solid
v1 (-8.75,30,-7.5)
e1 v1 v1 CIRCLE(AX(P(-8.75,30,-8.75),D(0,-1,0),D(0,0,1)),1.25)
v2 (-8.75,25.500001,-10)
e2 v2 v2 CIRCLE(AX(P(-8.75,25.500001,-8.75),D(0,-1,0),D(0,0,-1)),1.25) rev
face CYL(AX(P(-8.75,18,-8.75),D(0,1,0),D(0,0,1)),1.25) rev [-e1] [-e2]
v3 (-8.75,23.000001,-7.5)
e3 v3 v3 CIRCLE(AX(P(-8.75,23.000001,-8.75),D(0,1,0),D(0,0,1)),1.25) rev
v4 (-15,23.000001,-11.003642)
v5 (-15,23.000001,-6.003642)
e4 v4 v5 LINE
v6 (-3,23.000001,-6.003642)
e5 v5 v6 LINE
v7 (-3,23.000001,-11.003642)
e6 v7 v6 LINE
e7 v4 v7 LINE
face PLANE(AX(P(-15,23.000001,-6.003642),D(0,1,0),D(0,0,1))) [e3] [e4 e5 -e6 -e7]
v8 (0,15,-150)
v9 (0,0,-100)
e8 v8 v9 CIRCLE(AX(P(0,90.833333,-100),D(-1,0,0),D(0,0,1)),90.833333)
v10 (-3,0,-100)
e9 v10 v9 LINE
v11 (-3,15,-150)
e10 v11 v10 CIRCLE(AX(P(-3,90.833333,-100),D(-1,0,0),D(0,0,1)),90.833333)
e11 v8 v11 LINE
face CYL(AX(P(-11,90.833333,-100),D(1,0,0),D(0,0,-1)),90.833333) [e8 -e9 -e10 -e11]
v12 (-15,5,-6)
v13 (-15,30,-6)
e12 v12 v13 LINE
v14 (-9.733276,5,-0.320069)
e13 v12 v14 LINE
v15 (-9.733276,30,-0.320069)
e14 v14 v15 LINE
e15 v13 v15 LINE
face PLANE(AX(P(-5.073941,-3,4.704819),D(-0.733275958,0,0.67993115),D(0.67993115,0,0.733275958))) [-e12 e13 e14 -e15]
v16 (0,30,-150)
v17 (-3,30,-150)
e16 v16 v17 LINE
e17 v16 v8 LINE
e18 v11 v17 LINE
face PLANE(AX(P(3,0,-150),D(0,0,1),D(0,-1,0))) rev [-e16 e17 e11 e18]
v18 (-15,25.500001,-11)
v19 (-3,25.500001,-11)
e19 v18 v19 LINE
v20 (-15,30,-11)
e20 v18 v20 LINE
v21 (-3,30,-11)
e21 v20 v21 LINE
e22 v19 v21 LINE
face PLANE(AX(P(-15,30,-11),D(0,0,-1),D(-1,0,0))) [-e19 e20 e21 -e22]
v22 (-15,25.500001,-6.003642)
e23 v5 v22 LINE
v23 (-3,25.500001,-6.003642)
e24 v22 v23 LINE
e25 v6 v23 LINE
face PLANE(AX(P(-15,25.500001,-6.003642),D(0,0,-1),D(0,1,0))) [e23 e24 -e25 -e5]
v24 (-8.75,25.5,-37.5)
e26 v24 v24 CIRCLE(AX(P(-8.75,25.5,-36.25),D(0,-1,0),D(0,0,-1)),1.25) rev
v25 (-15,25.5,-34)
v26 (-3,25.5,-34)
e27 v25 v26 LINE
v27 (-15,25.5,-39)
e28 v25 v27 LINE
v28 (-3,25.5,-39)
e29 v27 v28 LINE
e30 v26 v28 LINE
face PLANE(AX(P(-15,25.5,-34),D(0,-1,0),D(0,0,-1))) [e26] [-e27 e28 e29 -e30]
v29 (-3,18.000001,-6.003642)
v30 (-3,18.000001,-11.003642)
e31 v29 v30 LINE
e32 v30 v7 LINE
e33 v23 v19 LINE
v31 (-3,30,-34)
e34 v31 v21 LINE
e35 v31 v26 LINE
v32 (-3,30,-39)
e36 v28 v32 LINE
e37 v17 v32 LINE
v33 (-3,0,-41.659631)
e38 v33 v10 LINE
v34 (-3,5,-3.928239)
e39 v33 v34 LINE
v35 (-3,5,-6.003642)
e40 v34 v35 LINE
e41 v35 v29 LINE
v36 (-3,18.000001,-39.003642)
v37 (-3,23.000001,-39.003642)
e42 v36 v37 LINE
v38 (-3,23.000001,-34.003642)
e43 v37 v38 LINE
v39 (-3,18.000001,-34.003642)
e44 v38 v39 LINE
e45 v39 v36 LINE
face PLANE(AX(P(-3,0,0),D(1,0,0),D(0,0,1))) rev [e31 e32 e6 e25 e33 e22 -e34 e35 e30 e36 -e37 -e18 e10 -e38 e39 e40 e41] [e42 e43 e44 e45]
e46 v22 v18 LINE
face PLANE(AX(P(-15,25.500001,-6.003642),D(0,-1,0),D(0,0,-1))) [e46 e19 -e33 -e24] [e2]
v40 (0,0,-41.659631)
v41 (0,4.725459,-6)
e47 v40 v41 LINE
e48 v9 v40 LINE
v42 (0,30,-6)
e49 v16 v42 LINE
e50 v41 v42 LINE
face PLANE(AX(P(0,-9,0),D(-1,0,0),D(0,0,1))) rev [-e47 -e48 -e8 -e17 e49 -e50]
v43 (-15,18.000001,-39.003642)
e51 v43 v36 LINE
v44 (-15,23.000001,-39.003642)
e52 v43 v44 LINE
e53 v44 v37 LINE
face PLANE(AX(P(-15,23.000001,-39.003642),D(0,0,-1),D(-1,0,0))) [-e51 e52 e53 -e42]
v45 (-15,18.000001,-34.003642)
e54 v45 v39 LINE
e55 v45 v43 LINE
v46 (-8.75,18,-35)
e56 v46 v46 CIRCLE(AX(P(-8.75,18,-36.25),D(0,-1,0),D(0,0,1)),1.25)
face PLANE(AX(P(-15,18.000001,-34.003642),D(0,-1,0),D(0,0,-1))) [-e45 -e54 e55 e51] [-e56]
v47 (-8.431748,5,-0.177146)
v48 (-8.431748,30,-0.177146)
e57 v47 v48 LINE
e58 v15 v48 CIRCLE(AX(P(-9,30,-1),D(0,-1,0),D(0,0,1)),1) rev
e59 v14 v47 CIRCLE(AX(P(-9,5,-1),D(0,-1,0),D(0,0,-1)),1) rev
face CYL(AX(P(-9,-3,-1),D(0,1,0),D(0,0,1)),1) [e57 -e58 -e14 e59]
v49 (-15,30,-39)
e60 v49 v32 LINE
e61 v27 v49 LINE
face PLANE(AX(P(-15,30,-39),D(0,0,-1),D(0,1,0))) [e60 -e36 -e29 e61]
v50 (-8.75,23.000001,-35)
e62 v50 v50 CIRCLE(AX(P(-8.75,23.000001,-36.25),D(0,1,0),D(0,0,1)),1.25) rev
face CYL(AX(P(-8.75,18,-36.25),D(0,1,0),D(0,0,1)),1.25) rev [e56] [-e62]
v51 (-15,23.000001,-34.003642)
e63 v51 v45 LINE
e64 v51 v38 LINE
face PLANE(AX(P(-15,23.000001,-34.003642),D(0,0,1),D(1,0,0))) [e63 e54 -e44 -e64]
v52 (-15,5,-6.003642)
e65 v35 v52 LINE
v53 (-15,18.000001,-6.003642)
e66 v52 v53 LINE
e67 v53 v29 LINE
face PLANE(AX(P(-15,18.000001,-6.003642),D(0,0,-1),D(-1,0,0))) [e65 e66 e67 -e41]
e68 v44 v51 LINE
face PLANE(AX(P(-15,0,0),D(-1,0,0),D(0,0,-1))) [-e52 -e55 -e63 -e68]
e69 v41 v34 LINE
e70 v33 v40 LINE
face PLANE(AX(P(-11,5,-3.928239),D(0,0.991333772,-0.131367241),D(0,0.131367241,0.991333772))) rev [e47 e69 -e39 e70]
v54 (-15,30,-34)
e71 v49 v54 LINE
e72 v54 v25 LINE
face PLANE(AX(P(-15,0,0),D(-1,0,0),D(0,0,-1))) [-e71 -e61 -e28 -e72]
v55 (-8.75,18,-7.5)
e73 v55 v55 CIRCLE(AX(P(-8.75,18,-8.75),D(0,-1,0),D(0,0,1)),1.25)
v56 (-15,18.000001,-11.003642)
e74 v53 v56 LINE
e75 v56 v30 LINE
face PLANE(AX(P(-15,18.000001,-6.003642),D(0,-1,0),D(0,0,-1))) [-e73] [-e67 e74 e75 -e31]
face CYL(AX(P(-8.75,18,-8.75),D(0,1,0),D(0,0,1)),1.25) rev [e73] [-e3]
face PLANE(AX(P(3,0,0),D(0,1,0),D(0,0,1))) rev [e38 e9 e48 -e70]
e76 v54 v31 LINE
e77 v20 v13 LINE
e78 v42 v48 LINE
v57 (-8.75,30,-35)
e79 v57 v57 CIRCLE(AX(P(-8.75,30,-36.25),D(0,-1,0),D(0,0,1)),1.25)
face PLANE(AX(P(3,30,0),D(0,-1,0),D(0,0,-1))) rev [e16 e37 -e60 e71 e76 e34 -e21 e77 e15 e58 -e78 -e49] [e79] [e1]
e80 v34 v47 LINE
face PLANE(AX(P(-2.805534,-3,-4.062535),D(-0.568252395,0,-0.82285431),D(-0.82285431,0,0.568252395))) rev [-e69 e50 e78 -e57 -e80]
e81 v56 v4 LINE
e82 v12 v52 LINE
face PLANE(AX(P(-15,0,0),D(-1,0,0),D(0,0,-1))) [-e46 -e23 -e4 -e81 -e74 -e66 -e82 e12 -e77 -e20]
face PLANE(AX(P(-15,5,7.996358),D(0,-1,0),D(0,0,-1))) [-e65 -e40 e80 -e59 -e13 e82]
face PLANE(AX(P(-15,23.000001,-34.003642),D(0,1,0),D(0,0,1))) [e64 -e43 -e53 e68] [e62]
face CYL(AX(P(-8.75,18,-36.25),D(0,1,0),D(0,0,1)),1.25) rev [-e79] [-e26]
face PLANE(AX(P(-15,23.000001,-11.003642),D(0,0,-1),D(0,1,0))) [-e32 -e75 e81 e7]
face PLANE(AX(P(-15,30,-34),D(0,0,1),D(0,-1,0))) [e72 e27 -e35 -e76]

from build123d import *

# Parameters (mm, degrees)
SKETCH_1_W          = 150
SKETCH_1_H          = 30
EXTRUDE_1_DEPTH     = 3
SKETCH_2_W          = 5
SKETCH_2_H          = 4.5
SKETCH_2_H_2        = 5
EXTRUDE_2_DEPTH     = 12
SKETCH_3_R          = 1.25
CUT_EXTRUDE_1_DEPTH = 12
CUT_EXTRUDE_2_DEPTH = 33
SKETCH_6_W          = 12
SKETCH_6_H          = 5
CUT_EXTRUDE_3_DEPTH = 14
CUT_EXTRUDE_4_DEPTH = 14
CUT_EXTRUDE_5_DEPTH = 14
SKETCH_9_W          = 52.537386277
SKETCH_9_H          = 169.005460475
CUT_EXTRUDE_6_DEPTH = 39


with BuildPart() as part:
    # 草图1 → 凸台-拉伸1 (new body)
    with BuildSketch(Plane(origin=(0, 0, 0), x_dir=(0, 0, -1), z_dir=(1, 0, 0))):
        with Locations((75, 15)):
            Rectangle(SKETCH_1_W, SKETCH_1_H)
    extrude_1 = extrude(amount=EXTRUDE_1_DEPTH)

    # 草图2 → 凸台-拉伸2 (add)
    with BuildSketch(Plane(origin=(3, 0, 0), x_dir=(0, 0, -1), z_dir=(1, 0, 0))):
        Polygon((6, 30), (11, 30), (11, 25.500001474), (6.003642258, 25.500001474), (6.003642258, 23.000001474), (11.003642258, 23.000001474), (11.003642258, 18.000001474), (6.003642258, 18.000001474), (6.003642258, 0), (0, 0), (0, 30), align=None)
        with Locations((36.5, 27.75)):
            Rectangle(SKETCH_2_W, SKETCH_2_H)
        with Locations((36.503642258, 20.500001474)):
            Rectangle(SKETCH_2_W, SKETCH_2_H_2)
    extrude_2 = extrude(amount=EXTRUDE_2_DEPTH)

    # 草图3 → 切除-拉伸1 (cut)
    with BuildSketch(Plane(origin=(0, 30, 0), x_dir=(1, 0, 0), z_dir=(0, 1, 0))):
        with Locations(Location((8.75, 36.25, 0), (0, 0, 270))):
            Circle(SKETCH_3_R)
        with Locations(Location((8.75, 8.75, 0), (0, 0, 270))):
            Circle(SKETCH_3_R)
    cut_extrude_1 = extrude(amount=-CUT_EXTRUDE_1_DEPTH, mode=Mode.SUBTRACT)

    # 草图5 → 切除-拉伸2 (cut)
    with BuildSketch(Plane(origin=(0, 30, 0), x_dir=(1, 0, 0), z_dir=(0, 1, 0))):
        with BuildLine():
            Line((0, 0), (9, 0))
            ThreePointArc((9, 0), (8.702388097, 0.045313059), (8.431747605, 0.17714569))
            Line((8.431747605, 0.17714569), (0, 6))
            Line((0, 6), (0, 0))
        make_face()
        with BuildLine():
            Line((15, 0), (15, 6))
            Line((15, 6), (9.733275958, 0.32006885))
            ThreePointArc((9.733275958, 0.32006885), (9.400043029, 0.083503642), (9, 0))
            Line((9, 0), (15, 0))
        make_face()
    cut_extrude_2 = extrude(amount=-CUT_EXTRUDE_2_DEPTH, mode=Mode.SUBTRACT)

    # 草图6 → 切除-拉伸3 (cut)
    with BuildSketch(Plane(origin=(0, 0, -6.003642258), x_dir=(-1, 0, 0), z_dir=(0, 0, -1))):
        with Locations((-9, 2.5)):
            Rectangle(SKETCH_6_W, SKETCH_6_H)
    cut_extrude_3 = extrude(amount=-CUT_EXTRUDE_3_DEPTH, mode=Mode.SUBTRACT)

    # 草图7 → 切除-拉伸4 (cut)
    with BuildSketch(Plane(origin=(3, 0, 0), x_dir=(0, 0, -1), z_dir=(1, 0, 0))):
        Polygon((41.659631445, 0), (3.928239346, 0), (3.928239346, 5), align=None)
    cut_extrude_4 = extrude(amount=-CUT_EXTRUDE_4_DEPTH, mode=Mode.SUBTRACT)

    # 草图8 → 切除-拉伸5 (cut)
    with BuildSketch(Plane(origin=(3, 0, 0), x_dir=(0, 0, -1), z_dir=(1, 0, 0))):
        with BuildLine():
            Line((100, 0), (150, 0))
            Line((150, 0), (150, 15))
            ThreePointArc((150, 15), (126.100766272, 3.830779092), (100, 0))
        make_face()
    cut_extrude_5 = extrude(amount=-CUT_EXTRUDE_5_DEPTH, mode=Mode.SUBTRACT)

    # 镜向2: 凸台-拉伸1, 凸台-拉伸2, 切除-拉伸1, 切除-拉伸2, 切除-拉伸3, 切除-拉伸4, 切除-拉伸5 across plane
    add(extrude_1.mirror(Plane(origin=(0, 0, 0), x_dir=(0, 0, 1), z_dir=(1, 0, 0))))
    add(extrude_2.mirror(Plane(origin=(0, 0, 0), x_dir=(0, 0, 1), z_dir=(1, 0, 0))))
    add(cut_extrude_1.mirror(Plane(origin=(0, 0, 0), x_dir=(0, 0, 1), z_dir=(1, 0, 0))), mode=Mode.SUBTRACT)
    add(cut_extrude_2.mirror(Plane(origin=(0, 0, 0), x_dir=(0, 0, 1), z_dir=(1, 0, 0))), mode=Mode.SUBTRACT)
    add(cut_extrude_3.mirror(Plane(origin=(0, 0, 0), x_dir=(0, 0, 1), z_dir=(1, 0, 0))), mode=Mode.SUBTRACT)
    add(cut_extrude_4.mirror(Plane(origin=(0, 0, 0), x_dir=(0, 0, 1), z_dir=(1, 0, 0))), mode=Mode.SUBTRACT)
    add(cut_extrude_5.mirror(Plane(origin=(0, 0, 0), x_dir=(0, 0, 1), z_dir=(1, 0, 0))), mode=Mode.SUBTRACT)

    # 草图9 → 切除-拉伸6 (cut)
    with BuildSketch(Plane(origin=(0, 30, 0), x_dir=(1, 0, 0), z_dir=(0, 1, 0))):
        with Locations((26.268693139, 84.502730238)):
            Rectangle(SKETCH_9_W, SKETCH_9_H)
    extrude(amount=-CUT_EXTRUDE_6_DEPTH, mode=Mode.SUBTRACT)


solid = part.part
